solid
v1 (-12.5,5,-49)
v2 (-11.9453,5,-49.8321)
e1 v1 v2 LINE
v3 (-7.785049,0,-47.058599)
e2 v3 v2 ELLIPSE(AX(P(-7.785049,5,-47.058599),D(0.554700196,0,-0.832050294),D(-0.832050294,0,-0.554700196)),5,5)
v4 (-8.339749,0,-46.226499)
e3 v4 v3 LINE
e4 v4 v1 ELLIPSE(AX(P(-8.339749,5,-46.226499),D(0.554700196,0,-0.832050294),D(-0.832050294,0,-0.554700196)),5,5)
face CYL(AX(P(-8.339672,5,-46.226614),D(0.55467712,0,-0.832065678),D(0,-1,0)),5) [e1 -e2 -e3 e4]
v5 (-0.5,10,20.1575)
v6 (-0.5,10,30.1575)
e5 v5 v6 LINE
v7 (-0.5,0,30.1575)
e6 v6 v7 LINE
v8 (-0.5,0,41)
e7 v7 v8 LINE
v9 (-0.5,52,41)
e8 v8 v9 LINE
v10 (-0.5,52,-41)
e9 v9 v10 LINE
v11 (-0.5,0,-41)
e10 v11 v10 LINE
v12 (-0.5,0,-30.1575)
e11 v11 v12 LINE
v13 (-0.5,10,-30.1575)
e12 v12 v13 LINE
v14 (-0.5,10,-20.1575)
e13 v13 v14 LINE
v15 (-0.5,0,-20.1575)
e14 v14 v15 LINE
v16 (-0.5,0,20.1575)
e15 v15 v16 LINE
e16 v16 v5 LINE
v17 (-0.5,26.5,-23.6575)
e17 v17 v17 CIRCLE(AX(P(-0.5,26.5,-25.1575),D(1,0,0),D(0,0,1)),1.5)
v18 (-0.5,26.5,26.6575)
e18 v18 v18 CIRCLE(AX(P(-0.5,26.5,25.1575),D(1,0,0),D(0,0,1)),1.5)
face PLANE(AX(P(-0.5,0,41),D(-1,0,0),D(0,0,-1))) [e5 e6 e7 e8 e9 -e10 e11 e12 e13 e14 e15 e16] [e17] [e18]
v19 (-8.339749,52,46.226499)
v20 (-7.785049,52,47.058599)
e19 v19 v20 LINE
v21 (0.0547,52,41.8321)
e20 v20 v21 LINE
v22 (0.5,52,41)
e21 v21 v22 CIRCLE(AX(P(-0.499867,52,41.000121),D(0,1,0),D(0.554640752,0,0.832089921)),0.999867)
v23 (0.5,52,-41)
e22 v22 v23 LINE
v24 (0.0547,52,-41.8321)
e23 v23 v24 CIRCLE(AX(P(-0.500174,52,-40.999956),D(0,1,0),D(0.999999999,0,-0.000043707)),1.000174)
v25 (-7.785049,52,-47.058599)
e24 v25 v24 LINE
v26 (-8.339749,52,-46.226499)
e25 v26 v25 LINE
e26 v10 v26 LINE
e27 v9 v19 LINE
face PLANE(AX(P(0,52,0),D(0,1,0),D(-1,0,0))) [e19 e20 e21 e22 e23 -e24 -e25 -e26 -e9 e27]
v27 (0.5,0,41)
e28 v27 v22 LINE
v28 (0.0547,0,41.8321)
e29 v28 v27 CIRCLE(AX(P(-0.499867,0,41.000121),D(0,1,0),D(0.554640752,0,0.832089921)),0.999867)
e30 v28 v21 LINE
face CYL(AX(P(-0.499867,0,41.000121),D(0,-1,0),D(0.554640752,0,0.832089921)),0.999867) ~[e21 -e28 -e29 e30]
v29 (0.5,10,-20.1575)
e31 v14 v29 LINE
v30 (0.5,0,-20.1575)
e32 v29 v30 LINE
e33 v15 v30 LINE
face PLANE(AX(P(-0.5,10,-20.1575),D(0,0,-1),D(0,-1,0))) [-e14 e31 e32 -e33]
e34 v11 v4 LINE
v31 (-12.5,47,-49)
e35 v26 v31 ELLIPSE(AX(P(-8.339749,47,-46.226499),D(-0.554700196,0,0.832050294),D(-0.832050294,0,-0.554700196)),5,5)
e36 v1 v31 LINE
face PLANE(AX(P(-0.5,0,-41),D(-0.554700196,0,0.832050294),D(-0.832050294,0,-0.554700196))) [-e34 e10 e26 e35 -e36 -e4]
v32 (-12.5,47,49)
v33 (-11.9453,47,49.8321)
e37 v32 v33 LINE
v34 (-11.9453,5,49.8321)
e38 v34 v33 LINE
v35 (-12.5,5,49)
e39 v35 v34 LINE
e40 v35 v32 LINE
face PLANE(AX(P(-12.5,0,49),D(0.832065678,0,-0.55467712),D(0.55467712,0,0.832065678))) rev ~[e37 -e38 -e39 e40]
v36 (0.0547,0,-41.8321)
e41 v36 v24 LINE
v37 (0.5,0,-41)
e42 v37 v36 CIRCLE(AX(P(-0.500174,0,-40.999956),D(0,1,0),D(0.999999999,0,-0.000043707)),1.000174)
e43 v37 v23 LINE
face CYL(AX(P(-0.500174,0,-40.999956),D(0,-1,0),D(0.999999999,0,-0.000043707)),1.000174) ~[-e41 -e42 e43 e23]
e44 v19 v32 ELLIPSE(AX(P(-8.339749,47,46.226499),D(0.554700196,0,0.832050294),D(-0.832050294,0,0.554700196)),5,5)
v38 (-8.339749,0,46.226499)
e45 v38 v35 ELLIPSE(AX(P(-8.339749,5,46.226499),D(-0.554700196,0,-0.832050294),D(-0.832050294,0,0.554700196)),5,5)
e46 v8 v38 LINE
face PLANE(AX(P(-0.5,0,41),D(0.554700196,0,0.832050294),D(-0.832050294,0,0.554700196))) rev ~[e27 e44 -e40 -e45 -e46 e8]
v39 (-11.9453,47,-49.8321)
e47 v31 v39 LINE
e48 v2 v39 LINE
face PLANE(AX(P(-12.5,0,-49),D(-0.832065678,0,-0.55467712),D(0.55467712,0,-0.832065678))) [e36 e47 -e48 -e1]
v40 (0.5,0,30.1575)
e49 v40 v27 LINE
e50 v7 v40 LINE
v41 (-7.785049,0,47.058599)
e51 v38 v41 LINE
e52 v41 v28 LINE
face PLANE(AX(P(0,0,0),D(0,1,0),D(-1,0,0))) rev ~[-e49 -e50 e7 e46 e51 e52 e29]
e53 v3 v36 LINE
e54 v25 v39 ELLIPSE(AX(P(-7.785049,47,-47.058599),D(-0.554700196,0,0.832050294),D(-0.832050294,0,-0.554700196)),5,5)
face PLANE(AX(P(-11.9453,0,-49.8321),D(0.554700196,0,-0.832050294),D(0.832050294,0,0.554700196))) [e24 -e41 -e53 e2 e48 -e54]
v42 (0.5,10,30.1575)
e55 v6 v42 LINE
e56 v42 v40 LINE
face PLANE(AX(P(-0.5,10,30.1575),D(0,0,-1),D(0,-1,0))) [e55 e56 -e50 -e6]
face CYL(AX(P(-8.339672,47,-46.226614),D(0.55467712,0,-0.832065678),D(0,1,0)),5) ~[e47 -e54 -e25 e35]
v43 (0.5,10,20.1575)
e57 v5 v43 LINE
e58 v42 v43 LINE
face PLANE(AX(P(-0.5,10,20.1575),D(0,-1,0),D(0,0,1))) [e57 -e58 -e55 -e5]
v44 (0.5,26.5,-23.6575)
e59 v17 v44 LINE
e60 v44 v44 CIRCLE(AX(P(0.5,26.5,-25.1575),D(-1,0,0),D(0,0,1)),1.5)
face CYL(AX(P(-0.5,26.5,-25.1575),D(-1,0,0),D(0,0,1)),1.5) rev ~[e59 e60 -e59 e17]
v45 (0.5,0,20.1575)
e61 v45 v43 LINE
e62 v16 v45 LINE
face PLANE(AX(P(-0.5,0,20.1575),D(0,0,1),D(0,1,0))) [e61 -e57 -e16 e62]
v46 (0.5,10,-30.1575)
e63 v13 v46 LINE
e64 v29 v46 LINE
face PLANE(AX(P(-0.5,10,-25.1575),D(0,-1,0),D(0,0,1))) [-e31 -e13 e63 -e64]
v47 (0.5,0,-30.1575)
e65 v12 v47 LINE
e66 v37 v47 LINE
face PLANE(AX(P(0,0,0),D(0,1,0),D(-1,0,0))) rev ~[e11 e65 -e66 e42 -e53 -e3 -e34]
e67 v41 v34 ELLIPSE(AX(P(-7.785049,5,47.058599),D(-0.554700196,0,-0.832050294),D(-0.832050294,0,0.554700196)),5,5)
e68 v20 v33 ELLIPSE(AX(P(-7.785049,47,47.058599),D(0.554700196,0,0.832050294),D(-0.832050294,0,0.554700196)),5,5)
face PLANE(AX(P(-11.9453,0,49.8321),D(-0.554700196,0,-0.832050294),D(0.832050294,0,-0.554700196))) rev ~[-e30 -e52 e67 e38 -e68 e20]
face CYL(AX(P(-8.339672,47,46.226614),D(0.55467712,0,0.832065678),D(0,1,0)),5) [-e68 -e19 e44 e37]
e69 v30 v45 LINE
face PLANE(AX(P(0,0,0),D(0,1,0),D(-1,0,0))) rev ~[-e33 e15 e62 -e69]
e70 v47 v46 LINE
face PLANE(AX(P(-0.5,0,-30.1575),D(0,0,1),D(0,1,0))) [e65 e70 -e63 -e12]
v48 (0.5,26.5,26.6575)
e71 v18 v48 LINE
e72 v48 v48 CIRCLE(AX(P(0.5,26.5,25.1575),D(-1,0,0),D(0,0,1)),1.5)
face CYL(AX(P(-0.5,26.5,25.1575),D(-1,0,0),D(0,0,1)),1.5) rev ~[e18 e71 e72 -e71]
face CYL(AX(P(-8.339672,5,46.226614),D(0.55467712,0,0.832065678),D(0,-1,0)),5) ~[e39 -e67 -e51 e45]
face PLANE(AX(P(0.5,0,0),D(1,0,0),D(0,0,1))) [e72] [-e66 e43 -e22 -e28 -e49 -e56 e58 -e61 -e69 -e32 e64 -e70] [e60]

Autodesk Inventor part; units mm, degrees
ref_plane "YZ Plane" through (0, 0, 0) normal (1, 0, 0) x (0, 1, 0)
ref_plane "XZ Plane" through (0, 0, 0) normal (0, 1, 0) x (-1, 0, 0)
ref_plane "XY Plane" through (0, 0, 0) normal (0, 0, 1) x (1, 0, 0)
sketch "Sketch1" plane through (0, 0, 0) normal (0, 1, 0) x (-1, 0, 0)
  line L0 (0.5, 41) -> (12.5, 49)
  line L1 (0.5, 41) -> (12.5, 49)
  line L2 (12.5, 49) -> (11.9453, 49.8321)
  line L3 (11.9453, 49.8321) -> (-0.0547, 41.8321)
  arc A0 (-0.0547, 41.8321) -> (-0.5, 41) centre (0.5, 41) ccw
  line L4 (0.5, 41) -> (0.5, 0)
  line L5 (0.5, 0) -> (-0.5, 0)
  line L6 (-0.5, 0) -> (-0.5, 41)
  line L7 (0.5, -41) -> (12.5, -49)
  line L8 (12.5, -49) -> (11.9453, -49.8321)
  line L9 (11.9453, -49.8321) -> (-0.0547, -41.8321)
  arc A1 (-0.5, -41) -> (-0.0547, -41.8321) centre (0.5, -41) ccw
  line L10 (0.5, -41) -> (0.5, 0)
  line L11 (-0.5, 0) -> (-0.5, -41)
  point P0 (0, 0)
  dimension "d0" = 1
  dimension "d4" = 1
extrude "Extrusion1" add sketch "Sketch1" along normal blind 52
sketch "Sketch2" plane through (-0.5, 0, -41) normal (-1, 0, 0) x (0, 0, 1)
  circle A0 centre (15.8425, 26.5) radius 1.5
  circle A1 centre (66.1575, 26.5) radius 1.5
  line L0 (15.8425, 26.5) -> (15.8425, 0)
  line L1 (82, 0) -> (0, 0) projected
  line L2 (66.1575, 26.5) -> (66.1575, 0)
  line L3 (15.8425, 0) -> (20.8425, 0)
  line L4 (66.1575, 0) -> (71.1575, 0)
  line L5 (71.1575, 0) -> (61.1575, 0)
  line L6 (61.1575, 0) -> (61.1575, 10)
  line L7 (61.1575, 10) -> (71.1575, 10)
  line L8 (71.1575, 10) -> (71.1575, 0)
  line L9 (20.8425, 0) -> (10.8425, 0)
  line L10 (10.8425, 0) -> (10.8425, 10)
  line L11 (10.8425, 10) -> (20.8425, 10)
  line L12 (20.8425, 10) -> (20.8425, 0)
  dimension "d10" = 3
  dimension "d11" = 3
  dimension "d14" = 5
  dimension "d15" = 5
  dimension "d16" = 10
  dimension "d17" = 10
  dimension "d18" = 10
  dimension "d19" = 10
extrude "Extrusion2" cut sketch "Sketch2" against normal blind 1 contours A0 | A1
extrude "Extrusion3" cut sketch "Sketch2" against normal blind 1 contours L6 L7 L2 L1 | L11 L12 L1 L0 | L0 L1 L10 L11 | L2 L7 L8 L1
fillet "Fillet1" radius 5 4 edges at (-12.2226, 0, 49.416) (-12.2226, 52, 49.416) (-12.2226, 52, -49.416) (-12.2226, 0, -49.416)
properties part number "podpera_deska_rameno"
